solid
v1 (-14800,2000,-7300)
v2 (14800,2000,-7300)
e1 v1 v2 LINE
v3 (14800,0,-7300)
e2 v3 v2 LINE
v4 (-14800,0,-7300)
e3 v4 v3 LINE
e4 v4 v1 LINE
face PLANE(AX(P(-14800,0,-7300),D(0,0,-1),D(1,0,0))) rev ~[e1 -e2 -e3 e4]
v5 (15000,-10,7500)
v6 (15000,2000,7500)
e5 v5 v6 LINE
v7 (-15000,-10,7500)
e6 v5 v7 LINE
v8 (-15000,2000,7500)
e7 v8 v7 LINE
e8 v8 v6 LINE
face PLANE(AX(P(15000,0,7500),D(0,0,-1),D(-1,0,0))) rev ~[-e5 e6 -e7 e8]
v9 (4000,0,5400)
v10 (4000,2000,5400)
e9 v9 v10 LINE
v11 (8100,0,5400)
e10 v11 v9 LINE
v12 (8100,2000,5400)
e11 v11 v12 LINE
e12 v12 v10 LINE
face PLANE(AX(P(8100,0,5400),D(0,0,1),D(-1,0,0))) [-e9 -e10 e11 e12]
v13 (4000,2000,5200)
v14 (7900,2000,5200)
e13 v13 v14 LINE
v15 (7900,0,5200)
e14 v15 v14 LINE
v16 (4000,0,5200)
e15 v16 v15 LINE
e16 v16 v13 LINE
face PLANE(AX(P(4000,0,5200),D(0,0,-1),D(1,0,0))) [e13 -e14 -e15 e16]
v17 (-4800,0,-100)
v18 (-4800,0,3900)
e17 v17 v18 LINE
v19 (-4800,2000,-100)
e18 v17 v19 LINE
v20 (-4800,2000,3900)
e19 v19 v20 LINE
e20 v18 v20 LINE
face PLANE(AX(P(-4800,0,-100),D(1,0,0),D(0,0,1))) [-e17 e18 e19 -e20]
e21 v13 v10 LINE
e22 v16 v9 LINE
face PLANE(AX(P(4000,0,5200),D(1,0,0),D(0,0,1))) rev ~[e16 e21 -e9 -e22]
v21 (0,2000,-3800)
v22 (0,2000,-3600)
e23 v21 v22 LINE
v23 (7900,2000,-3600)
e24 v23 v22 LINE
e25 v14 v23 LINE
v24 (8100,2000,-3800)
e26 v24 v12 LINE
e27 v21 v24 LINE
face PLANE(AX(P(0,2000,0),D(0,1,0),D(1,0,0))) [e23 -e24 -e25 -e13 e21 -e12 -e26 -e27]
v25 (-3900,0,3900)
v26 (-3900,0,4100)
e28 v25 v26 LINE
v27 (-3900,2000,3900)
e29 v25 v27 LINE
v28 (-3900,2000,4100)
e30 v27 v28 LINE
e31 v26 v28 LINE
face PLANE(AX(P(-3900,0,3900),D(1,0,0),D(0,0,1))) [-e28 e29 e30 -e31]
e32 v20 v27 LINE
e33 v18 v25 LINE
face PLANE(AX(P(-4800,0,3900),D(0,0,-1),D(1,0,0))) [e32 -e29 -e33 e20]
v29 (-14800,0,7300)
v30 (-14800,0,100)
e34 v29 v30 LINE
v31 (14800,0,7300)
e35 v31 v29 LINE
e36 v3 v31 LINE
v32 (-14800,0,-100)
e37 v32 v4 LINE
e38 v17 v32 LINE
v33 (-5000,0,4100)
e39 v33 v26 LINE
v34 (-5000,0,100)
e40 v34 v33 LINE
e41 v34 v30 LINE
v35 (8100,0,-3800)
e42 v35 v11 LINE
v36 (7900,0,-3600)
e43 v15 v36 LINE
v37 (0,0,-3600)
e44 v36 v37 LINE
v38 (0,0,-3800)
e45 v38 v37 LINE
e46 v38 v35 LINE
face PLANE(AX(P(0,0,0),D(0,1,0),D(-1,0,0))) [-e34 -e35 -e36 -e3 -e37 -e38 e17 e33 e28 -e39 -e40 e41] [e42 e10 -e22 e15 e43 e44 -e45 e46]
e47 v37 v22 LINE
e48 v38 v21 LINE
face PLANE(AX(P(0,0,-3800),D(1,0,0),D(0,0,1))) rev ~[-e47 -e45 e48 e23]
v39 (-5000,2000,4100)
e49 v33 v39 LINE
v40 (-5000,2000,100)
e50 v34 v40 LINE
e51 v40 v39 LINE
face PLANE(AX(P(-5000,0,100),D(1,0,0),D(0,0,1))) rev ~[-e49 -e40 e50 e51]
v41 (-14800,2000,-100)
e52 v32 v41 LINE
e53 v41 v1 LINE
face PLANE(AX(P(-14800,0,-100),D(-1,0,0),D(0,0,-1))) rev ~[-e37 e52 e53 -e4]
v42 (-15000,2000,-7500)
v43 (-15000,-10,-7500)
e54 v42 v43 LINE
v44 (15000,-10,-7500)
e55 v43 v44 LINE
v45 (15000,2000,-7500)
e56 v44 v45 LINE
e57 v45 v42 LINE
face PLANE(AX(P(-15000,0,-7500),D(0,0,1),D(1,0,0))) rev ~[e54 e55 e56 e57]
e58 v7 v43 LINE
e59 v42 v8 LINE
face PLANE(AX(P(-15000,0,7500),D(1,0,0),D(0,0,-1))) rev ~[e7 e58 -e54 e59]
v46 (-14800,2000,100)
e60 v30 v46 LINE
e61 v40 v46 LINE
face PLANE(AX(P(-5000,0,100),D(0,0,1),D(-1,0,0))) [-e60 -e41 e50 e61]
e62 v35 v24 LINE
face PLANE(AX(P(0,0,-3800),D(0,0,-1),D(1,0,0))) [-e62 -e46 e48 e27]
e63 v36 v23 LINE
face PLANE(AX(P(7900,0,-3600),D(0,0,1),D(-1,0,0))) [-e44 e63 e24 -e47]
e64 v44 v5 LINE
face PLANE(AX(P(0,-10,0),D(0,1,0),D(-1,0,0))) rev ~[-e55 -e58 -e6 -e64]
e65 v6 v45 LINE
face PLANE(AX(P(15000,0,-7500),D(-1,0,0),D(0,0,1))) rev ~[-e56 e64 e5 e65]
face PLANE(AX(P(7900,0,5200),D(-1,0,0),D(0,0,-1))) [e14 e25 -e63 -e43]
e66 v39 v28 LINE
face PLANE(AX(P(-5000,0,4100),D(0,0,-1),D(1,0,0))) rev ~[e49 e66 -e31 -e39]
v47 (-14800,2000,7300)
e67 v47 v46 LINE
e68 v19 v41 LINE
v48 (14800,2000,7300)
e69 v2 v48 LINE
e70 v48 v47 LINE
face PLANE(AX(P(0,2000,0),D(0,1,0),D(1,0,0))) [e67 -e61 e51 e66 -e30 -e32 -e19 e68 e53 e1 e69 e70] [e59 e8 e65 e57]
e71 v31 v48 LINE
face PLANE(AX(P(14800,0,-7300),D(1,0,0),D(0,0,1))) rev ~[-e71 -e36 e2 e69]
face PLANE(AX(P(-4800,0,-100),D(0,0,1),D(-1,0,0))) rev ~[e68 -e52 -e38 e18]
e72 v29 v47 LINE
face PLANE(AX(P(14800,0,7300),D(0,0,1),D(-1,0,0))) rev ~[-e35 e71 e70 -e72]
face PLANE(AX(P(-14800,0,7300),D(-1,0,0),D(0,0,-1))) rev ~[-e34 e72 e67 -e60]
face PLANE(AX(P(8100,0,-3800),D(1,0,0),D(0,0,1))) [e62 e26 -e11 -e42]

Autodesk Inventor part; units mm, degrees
ref_plane "YZ Plane" through (0, 0, 0) normal (1, 0, 0) x (0, 1, 0)
ref_plane "XZ Plane" through (0, 0, 0) normal (0, 1, 0) x (-1, 0, 0)
ref_plane "XY Plane" through (0, 0, 0) normal (0, 0, 1) x (1, 0, 0)
sketch "Schizzo1" plane through (0, 0, 0) normal (0, 1, 0) x (-1, 0, 0)
  line L0 (-15000, 7500) -> (15000, 7500)
  line L1 (15000, 7500) -> (15000, -7500)
  line L2 (15000, -7500) -> (-15000, -7500)
  line L3 (-15000, -7500) -> (-15000, 7500)
  line L4 (-15000, 7500) -> (15000, -7500) construction
  line L5 (15000, 7500) -> (-15000, -7500) construction
  point P0 (0, 0)
  dimension "d0" = 30000
  dimension "d1" = 15000
extrude "Estrusione1" add sketch "Schizzo1" against normal blind 10
sketch "Schizzo2" plane through (0, 0, 0) normal (0, 1, 0) x (1, 0, 0)
  line L0 (15000, 7500) -> (-15000, 7500) projected
  line L1 (-15000, 7500) -> (-15000, -7500) projected
  line L2 (-15000, -7500) -> (15000, -7500) projected
  line L3 (15000, -7500) -> (15000, 7500) projected
  line L4 (-5000, -100) -> (-5000, -4100)
  line L5 (-5000, -4100) -> (-3900, -4100)
  line L6 (-4800, 100) -> (-4800, -3900)
  line L7 (-4800, -3900) -> (-3900, -3900)
  line L8 (-3900, -3900) -> (-3900, -4100)
  line L9 (0, 3800) -> (8100, 3800)
  line L10 (8100, 3800) -> (8100, -5400)
  line L11 (8100, -5400) -> (4000, -5400)
  line L12 (4000, -5200) -> (7900, -5200)
  line L13 (7900, -5200) -> (7900, 3600)
  line L14 (7900, 3600) -> (0, 3600)
  line L15 (0, 3800) -> (0, 3600)
  line L16 (4000, -5200) -> (4000, -5400)
  line L17 (-14800, 7300) -> (14800, 7300)
  line L18 (14800, 7300) -> (14800, -7300)
  line L19 (14800, -7300) -> (-14800, -7300)
  line L20 (-14800, -7300) -> (-14800, 7300)
  line L21 (-4800, 100) -> (-14800, 100)
  line L22 (-5000, -100) -> (-14800, -100)
  line L23 (-15000, 7500) -> (15000, 7500)
  line L24 (15000, 7500) -> (15000, -7500)
  line L25 (15000, -7500) -> (-15000, -7500)
  line L26 (-15000, -7500) -> (-15000, 7500)
  point P0 (0, 0)
extrude "Estrusione2" add sketch "Schizzo2" along normal blind 2000 contours L3 L2 L1 L0 | L22 L20 L21 L6 L7 L8 L5 L4 | L9 L10 L11 L16 L12 L13 L14 L15
properties part number "room"
